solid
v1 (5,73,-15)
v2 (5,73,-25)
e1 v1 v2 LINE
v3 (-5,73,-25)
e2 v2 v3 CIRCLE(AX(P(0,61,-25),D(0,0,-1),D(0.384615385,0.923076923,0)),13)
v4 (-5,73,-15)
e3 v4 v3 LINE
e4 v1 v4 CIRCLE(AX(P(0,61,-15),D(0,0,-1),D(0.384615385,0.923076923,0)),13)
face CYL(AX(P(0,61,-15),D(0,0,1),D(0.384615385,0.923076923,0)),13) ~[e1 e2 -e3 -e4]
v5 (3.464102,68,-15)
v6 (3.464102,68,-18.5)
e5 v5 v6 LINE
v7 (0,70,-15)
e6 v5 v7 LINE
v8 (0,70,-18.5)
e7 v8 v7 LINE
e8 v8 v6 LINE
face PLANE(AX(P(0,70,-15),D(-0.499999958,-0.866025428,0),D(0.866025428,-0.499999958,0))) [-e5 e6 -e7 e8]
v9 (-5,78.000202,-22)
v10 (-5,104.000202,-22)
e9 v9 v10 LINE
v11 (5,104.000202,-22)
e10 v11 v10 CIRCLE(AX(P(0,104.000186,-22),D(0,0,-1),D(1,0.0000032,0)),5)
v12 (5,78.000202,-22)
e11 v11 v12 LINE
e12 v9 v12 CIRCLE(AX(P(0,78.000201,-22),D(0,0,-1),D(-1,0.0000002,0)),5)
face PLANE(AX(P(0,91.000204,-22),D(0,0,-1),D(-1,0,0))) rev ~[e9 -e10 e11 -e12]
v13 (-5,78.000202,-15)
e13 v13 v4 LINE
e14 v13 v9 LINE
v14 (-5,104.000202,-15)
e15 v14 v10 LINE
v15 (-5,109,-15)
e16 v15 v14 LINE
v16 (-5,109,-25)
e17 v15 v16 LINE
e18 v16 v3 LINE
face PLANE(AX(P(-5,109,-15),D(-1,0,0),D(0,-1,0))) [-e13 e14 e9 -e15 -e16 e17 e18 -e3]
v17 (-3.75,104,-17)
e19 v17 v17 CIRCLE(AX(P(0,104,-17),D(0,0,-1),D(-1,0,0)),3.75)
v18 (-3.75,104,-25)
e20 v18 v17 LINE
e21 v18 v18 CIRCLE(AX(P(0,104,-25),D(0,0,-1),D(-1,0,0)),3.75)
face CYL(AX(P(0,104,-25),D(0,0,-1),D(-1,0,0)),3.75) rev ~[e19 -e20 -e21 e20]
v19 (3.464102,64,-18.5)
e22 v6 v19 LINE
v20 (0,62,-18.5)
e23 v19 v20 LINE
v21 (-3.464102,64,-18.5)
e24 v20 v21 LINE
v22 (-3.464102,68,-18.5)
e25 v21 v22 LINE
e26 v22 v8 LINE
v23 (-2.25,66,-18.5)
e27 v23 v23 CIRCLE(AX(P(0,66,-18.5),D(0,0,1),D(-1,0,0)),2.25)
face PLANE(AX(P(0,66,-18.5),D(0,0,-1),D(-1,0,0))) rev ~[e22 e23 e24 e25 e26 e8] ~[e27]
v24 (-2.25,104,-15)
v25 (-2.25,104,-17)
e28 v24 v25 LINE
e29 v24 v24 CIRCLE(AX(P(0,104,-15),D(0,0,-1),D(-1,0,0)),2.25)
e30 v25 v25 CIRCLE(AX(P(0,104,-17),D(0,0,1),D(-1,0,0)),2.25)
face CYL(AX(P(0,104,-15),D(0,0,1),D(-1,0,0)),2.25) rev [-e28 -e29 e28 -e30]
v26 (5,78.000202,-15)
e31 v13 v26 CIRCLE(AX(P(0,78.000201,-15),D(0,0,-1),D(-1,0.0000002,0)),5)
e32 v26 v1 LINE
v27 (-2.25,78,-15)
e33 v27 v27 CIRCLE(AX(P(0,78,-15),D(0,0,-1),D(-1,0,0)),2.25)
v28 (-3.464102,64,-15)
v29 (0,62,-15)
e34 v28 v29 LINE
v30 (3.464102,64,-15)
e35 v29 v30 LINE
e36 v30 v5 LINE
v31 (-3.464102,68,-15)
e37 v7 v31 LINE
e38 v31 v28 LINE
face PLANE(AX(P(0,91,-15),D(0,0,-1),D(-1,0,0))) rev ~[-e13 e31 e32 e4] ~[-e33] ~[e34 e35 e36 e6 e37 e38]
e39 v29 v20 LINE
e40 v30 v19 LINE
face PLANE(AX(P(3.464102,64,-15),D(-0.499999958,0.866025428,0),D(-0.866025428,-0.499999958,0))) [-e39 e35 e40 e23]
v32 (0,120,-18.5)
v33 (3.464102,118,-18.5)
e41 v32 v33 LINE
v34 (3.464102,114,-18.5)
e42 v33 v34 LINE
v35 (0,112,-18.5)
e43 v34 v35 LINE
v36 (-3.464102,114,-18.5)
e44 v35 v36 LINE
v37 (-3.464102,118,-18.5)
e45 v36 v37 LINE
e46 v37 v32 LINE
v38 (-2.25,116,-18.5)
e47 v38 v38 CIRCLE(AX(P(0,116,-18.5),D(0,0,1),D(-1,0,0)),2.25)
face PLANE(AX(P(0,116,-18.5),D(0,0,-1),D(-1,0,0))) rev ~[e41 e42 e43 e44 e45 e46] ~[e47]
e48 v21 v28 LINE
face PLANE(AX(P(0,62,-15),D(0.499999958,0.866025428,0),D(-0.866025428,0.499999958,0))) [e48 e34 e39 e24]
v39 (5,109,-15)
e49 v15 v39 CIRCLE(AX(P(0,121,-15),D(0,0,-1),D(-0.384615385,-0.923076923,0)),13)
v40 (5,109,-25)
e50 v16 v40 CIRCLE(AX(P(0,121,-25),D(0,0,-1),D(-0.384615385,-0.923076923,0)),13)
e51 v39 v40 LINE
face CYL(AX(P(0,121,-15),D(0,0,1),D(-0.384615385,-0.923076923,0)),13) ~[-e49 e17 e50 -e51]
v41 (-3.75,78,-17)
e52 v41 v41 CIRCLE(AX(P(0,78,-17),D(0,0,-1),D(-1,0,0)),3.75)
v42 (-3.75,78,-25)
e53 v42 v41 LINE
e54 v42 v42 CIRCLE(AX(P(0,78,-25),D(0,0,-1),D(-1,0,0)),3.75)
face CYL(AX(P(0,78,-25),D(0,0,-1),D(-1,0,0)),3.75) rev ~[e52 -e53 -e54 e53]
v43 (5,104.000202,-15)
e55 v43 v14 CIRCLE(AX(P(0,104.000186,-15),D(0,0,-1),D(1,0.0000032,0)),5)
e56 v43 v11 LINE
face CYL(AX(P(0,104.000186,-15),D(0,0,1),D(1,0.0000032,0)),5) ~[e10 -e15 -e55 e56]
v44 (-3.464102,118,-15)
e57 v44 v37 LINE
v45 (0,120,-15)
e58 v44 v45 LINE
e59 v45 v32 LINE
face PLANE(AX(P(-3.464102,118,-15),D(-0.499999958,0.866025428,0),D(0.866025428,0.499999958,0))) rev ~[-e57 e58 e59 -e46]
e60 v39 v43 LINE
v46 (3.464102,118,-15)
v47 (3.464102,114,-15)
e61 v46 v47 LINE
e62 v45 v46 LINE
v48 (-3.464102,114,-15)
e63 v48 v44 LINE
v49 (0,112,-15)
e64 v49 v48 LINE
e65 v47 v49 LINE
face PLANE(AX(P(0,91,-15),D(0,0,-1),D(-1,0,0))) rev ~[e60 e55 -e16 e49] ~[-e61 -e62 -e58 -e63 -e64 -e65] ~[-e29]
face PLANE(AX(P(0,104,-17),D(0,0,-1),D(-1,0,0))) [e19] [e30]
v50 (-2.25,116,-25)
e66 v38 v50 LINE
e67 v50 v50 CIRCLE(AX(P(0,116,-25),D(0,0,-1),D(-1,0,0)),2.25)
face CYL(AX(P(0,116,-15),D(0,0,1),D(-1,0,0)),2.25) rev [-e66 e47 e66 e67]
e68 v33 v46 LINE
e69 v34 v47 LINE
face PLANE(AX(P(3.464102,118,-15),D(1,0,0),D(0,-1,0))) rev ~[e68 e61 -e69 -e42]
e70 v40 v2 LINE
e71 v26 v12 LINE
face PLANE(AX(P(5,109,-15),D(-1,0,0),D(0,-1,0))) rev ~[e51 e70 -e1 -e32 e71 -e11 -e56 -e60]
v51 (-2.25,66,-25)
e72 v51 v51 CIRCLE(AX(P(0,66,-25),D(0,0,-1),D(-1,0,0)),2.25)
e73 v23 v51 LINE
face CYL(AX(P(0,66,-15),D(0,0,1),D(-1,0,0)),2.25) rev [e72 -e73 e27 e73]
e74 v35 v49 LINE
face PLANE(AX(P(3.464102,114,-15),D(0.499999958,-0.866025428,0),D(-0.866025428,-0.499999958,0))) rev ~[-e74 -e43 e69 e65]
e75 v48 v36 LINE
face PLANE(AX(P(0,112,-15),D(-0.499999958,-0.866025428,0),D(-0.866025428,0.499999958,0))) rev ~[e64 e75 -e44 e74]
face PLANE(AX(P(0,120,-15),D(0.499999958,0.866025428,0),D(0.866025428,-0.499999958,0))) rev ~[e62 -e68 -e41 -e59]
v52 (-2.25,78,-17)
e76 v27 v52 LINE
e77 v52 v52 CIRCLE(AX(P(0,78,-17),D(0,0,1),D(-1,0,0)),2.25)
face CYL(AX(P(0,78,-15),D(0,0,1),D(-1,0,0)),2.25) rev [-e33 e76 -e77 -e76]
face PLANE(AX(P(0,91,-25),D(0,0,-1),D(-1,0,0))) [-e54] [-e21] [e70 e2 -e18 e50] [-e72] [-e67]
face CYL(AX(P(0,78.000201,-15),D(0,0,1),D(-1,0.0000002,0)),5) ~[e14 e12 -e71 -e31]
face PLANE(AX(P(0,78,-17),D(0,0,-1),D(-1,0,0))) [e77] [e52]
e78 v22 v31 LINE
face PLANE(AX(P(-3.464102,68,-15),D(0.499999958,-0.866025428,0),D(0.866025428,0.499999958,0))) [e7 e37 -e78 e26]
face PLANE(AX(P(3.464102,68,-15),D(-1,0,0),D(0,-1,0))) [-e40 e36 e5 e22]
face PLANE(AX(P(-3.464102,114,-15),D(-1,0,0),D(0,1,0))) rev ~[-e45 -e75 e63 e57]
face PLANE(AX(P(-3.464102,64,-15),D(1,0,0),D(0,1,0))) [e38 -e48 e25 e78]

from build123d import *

# Parameters (mm, degrees)
SKETCH204_R             = 2.25
PAD094_DEPTH            = 10
POCKET084_DEPTH         = 7
POCKET085_DEPTH         = 3.5
SKETCH213_R             = 2.25
POCKET086_DEPTH         = 10
SKETCH214_R             = 3.75
POCKET087_DEPTH         = 8
BODY025_PLACEMENT_ANGLE = 180


with BuildPart() as part:
    # Sketch204 → Pad094 (new body)
    with BuildSketch(Plane.XY):
        with BuildLine():
            ThreePointArc((5, 18), (0, 43), (-5, 18))
            Line((-5, 18), (-5, -18))
            ThreePointArc((-5, -18), (0, -43), (5, -18))
            Line((5, 18), (5, -18))
        make_face()
        with Locations((0, 13)):
            Circle(SKETCH204_R, mode=Mode.SUBTRACT)
        with Locations((0, -13)):
            Circle(SKETCH204_R, mode=Mode.SUBTRACT)
    extrude(amount=PAD094_DEPTH)

    # Sketch211 → Pocket084 (cut)
    with BuildSketch(Plane.XY):
        with BuildLine():
            Line((-5, 13.000202), (-5, -12.999798))
            ThreePointArc((5, -12.999798), (0, -7.999799), (-5, -12.999798))
            Line((5, -12.999798), (5, 13.000202))
            ThreePointArc((-5, 13.000202), (0, 8.000186), (5, 13.000202))
        make_face()
    extrude(amount=POCKET084_DEPTH, mode=Mode.SUBTRACT)

    # Sketch212 → Pocket085 (cut, symmetric)
    with BuildSketch(Plane.XY):
        Polygon((0, -21), (-3.464102, -23), (-3.464102, -27), (0, -29), (3.464102, -27), (3.464102, -23), align=None)
        Polygon((0, 21), (3.464102, 23), (3.464102, 27), (0, 29), (-3.464102, 27), (-3.464102, 23), align=None)
    extrude(amount=POCKET085_DEPTH, both=True, mode=Mode.SUBTRACT)

    # Sketch213 → Pocket086 (cut)
    with BuildSketch(Plane.XY):
        with Locations((0, 25)):
            Circle(SKETCH213_R)
        with Locations((0, -25)):
            Circle(SKETCH213_R)
    extrude(amount=POCKET086_DEPTH, mode=Mode.SUBTRACT)

    # Sketch214 (on Face5 of Pocket086) → Pocket087 (cut)
    with BuildSketch(Plane.XY.offset(10)):
        with Locations((0, 13)):
            Circle(SKETCH214_R)
        with Locations((0, -13)):
            Circle(SKETCH214_R)
    extrude(amount=-POCKET087_DEPTH, mode=Mode.SUBTRACT)


with BuildPart() as part_1:
    # Body025 placement: moved
    add(part.part.moved(Location((0, 91, -15))).rotate(Axis((0, 91, -15), (0, 1, 0)), BODY025_PLACEMENT_ANGLE))


solid = part_1.part
